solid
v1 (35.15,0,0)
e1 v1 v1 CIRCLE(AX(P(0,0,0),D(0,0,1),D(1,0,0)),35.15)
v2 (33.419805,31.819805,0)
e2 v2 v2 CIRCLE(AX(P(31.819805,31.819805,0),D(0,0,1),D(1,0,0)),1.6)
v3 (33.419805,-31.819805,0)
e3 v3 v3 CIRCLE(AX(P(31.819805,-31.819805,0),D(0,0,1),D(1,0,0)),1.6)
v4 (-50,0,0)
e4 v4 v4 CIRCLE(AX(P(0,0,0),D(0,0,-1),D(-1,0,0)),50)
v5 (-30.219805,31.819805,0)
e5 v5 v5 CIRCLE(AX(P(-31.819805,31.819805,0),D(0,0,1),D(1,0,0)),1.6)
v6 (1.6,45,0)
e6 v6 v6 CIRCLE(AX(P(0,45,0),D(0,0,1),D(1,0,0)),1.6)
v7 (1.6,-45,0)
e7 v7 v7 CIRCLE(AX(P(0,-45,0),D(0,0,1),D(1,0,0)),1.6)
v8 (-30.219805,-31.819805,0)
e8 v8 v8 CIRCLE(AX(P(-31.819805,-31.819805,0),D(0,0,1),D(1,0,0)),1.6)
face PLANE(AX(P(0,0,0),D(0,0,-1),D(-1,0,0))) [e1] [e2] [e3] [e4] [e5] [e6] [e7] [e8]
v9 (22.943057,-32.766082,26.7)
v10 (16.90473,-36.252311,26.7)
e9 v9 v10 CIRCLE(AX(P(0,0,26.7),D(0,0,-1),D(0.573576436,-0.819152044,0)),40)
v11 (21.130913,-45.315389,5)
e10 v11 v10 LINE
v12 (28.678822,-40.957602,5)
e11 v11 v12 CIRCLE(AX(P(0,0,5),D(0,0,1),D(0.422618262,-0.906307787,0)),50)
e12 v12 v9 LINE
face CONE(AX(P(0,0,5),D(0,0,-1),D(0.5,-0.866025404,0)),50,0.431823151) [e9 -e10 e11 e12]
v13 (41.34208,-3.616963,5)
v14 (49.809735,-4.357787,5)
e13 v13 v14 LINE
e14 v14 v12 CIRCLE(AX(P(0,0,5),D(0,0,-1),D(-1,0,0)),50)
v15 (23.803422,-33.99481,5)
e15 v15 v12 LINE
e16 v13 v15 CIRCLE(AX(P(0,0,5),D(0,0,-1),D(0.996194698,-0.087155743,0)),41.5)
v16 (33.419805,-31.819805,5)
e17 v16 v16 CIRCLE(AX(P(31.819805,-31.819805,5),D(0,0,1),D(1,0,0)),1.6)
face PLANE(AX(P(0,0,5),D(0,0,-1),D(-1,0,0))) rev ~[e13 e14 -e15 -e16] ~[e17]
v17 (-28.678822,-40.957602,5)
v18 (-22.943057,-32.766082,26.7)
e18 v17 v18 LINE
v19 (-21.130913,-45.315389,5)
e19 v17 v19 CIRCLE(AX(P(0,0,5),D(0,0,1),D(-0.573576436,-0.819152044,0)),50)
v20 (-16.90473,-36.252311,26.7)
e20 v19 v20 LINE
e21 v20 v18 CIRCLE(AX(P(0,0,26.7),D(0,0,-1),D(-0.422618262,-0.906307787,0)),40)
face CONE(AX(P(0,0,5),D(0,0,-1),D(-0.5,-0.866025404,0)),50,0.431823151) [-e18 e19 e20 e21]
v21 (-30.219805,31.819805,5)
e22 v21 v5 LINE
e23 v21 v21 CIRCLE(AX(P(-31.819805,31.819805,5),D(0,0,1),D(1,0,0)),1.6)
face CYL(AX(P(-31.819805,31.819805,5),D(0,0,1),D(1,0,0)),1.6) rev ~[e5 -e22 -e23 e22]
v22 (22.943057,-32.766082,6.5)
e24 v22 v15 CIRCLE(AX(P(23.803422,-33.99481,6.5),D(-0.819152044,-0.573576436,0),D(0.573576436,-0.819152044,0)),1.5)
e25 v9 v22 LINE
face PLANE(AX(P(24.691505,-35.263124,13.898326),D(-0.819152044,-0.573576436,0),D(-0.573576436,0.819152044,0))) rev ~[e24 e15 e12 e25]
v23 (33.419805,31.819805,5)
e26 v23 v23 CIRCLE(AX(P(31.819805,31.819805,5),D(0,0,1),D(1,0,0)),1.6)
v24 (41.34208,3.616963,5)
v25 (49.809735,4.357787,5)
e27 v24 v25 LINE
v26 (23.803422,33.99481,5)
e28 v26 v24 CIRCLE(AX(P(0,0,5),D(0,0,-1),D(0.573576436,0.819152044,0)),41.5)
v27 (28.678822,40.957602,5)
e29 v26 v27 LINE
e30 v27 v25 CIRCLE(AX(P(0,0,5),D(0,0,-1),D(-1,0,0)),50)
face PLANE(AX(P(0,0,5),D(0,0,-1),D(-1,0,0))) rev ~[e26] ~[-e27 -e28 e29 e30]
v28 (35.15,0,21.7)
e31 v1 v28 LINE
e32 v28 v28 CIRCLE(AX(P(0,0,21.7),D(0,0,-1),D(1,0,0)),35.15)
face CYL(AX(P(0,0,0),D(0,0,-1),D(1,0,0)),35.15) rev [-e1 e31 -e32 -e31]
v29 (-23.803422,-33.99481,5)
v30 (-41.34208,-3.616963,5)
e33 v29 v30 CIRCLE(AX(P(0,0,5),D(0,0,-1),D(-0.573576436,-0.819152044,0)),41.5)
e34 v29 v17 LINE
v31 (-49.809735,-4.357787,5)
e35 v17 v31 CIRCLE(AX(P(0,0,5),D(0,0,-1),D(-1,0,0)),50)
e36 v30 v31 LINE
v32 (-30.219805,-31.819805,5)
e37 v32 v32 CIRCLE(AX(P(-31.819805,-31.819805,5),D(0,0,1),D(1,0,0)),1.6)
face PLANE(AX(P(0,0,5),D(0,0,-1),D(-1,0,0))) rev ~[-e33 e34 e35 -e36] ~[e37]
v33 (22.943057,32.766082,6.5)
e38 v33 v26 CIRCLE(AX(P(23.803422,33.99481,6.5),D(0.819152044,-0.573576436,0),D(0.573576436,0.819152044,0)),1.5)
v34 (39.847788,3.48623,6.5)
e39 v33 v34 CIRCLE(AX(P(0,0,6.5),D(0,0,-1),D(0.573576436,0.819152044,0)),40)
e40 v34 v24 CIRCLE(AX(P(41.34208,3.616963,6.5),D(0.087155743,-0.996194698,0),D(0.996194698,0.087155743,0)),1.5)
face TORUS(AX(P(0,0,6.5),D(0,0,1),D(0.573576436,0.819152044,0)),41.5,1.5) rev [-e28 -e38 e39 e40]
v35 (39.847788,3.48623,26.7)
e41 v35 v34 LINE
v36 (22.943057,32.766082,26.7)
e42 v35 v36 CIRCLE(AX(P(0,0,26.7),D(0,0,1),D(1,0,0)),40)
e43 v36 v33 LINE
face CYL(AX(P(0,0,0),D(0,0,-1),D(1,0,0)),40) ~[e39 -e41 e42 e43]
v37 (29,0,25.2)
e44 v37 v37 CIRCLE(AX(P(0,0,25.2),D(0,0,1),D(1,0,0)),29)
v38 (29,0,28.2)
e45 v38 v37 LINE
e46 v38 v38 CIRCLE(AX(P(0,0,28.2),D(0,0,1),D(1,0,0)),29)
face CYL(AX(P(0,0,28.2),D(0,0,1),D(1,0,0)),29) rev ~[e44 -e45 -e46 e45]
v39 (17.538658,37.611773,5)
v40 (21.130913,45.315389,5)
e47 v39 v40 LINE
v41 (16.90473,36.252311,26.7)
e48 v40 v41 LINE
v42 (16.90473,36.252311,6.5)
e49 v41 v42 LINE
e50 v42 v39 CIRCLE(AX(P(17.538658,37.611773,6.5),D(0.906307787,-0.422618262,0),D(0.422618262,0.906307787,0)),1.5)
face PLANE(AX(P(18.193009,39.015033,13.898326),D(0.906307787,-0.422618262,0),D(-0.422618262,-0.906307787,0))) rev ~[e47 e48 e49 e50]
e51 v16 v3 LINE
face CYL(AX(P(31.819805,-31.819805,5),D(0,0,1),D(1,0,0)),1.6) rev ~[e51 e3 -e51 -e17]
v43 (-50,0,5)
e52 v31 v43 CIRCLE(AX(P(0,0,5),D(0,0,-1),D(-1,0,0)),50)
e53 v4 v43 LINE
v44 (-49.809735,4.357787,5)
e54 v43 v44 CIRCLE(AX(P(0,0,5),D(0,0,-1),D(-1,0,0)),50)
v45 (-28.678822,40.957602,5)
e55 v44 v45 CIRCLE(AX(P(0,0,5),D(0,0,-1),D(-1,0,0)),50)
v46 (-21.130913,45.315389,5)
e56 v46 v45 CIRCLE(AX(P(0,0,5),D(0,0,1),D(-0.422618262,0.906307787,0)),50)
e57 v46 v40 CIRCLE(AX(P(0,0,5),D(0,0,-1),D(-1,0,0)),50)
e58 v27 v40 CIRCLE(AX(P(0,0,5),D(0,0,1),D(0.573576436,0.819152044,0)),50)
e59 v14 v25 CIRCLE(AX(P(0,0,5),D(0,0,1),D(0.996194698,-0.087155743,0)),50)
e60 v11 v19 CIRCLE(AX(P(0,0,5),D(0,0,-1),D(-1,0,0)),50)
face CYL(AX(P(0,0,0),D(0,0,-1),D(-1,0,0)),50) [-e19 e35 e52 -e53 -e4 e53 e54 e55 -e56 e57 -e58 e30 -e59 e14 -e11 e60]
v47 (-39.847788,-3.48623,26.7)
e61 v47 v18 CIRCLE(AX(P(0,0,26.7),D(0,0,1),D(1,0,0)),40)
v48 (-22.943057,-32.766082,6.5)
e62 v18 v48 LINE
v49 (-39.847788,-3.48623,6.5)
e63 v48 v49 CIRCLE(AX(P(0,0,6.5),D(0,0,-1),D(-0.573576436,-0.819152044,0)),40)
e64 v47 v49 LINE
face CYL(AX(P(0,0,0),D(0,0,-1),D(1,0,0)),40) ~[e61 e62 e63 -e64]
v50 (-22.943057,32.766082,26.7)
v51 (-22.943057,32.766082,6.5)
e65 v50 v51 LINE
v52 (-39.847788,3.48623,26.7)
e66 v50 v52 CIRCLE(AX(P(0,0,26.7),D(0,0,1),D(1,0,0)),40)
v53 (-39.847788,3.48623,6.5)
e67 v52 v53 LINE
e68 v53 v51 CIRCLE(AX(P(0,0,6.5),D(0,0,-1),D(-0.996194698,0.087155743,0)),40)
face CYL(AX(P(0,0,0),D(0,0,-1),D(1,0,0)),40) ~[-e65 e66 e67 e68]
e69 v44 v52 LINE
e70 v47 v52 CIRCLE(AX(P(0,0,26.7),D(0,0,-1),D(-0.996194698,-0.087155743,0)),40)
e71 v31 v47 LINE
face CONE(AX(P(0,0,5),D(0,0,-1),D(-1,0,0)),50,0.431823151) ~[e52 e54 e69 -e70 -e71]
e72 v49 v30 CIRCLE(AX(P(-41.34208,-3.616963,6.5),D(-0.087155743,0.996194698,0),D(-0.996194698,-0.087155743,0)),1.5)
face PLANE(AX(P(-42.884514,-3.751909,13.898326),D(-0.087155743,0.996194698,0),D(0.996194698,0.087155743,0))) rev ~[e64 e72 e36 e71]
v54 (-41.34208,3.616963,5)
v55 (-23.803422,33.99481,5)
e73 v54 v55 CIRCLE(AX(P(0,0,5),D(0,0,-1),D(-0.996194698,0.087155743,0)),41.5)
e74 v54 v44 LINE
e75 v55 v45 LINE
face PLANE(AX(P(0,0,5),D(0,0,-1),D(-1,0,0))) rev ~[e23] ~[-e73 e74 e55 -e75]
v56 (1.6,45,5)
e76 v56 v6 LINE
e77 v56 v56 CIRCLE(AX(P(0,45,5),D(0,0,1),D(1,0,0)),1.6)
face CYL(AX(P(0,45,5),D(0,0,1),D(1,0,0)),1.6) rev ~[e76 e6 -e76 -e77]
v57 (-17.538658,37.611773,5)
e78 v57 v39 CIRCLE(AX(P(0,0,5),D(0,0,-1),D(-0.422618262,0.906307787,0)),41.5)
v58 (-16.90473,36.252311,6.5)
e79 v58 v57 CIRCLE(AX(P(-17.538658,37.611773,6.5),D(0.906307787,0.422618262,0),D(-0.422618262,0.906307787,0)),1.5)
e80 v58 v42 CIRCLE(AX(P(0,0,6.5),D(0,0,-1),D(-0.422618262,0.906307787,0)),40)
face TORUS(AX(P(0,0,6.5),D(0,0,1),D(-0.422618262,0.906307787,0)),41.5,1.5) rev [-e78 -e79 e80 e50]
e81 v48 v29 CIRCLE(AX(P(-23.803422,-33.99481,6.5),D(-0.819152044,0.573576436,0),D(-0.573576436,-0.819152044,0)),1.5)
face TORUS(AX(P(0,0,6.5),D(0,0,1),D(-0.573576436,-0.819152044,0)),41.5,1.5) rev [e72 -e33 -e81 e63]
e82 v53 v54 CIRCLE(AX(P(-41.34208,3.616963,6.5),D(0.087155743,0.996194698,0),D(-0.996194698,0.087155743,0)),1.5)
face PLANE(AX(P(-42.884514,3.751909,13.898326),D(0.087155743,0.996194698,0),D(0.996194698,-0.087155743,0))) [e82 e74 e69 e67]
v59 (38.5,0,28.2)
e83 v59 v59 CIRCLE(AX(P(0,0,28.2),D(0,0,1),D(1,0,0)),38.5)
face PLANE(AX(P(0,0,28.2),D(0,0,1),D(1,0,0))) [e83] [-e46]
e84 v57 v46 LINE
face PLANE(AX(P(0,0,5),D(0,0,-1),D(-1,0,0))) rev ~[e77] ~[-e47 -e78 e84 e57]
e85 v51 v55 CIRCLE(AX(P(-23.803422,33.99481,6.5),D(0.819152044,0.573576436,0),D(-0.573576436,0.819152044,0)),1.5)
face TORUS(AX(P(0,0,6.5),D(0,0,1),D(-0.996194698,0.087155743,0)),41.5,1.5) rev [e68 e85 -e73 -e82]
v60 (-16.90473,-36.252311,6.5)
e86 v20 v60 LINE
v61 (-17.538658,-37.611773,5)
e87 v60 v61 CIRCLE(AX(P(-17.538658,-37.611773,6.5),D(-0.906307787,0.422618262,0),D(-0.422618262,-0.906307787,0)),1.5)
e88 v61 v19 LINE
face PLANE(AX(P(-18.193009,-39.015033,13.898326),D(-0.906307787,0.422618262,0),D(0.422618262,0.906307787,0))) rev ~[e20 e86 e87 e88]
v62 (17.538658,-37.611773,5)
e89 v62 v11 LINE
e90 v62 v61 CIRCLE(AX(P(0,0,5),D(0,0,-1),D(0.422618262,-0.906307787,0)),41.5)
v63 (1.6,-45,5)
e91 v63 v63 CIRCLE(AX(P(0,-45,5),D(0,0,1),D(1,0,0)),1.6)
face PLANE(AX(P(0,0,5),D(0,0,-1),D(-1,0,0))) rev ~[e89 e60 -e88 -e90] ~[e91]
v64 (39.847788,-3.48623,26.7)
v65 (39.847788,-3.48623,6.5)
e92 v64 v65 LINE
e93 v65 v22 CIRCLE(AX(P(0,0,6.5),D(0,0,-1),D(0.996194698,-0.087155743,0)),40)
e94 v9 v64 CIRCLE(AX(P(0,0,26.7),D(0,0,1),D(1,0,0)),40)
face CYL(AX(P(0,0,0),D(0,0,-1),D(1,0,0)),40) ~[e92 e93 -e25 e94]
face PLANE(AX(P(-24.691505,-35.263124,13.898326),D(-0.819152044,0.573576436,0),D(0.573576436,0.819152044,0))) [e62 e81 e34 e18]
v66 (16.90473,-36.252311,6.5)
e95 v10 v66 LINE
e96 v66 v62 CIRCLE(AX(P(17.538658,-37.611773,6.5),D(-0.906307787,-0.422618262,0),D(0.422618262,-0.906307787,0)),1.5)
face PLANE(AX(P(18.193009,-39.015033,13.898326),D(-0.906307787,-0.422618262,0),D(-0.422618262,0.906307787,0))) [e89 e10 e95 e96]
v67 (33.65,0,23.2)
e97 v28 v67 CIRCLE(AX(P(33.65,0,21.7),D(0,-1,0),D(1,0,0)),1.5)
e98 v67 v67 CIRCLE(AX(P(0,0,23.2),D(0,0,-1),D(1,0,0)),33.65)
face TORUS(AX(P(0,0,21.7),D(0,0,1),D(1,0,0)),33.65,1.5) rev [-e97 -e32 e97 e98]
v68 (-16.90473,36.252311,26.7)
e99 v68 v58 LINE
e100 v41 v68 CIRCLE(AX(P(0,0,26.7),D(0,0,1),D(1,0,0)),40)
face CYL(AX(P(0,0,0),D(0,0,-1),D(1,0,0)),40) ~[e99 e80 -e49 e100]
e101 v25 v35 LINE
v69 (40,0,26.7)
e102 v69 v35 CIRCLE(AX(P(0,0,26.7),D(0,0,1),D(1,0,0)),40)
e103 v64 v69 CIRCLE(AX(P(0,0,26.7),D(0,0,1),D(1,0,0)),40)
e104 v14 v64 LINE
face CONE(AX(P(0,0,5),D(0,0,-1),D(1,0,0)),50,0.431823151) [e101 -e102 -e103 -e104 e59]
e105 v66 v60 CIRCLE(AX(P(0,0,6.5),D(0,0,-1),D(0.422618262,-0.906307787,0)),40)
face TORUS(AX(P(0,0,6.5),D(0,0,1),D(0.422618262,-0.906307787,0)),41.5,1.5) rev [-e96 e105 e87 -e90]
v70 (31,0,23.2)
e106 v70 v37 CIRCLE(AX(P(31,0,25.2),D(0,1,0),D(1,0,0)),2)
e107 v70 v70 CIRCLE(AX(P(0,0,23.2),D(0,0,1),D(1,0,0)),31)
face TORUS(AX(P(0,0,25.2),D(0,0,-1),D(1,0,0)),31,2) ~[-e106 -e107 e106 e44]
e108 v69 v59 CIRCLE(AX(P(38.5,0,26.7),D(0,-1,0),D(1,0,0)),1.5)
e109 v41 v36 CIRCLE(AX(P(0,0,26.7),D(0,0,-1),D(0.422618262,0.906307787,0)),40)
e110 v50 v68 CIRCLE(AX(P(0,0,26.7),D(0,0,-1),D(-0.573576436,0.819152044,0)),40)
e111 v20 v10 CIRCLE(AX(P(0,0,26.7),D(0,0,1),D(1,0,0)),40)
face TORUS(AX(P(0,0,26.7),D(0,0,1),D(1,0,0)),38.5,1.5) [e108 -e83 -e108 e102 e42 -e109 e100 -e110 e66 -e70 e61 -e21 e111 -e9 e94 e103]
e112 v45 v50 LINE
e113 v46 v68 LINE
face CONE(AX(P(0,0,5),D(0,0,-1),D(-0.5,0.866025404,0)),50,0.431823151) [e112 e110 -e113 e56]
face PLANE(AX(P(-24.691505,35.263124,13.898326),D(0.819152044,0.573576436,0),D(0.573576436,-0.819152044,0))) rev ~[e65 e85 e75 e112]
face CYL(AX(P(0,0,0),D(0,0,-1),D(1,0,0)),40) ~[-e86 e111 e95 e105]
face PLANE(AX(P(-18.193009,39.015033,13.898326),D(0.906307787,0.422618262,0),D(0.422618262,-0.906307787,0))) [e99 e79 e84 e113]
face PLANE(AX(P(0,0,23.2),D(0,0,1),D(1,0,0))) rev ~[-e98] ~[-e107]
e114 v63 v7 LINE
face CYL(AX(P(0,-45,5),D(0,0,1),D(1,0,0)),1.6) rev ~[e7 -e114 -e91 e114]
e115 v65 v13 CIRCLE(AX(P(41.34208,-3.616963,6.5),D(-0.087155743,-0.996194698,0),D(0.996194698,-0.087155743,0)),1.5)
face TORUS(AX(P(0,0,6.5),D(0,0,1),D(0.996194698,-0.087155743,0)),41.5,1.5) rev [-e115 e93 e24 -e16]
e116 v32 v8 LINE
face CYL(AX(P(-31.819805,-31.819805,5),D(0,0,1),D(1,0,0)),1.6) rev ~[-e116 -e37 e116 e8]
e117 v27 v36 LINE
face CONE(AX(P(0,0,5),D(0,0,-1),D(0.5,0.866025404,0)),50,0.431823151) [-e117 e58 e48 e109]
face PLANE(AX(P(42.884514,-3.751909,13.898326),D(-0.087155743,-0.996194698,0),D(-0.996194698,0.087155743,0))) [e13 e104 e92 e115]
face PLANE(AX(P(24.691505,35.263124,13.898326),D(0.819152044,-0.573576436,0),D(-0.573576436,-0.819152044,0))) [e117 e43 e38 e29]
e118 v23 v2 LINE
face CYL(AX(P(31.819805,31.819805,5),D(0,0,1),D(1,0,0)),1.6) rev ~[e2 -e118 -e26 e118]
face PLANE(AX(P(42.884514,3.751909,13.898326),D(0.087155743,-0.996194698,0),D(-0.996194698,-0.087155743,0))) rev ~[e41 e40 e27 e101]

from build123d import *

# Parameters (mm, degrees)
SKETCH_1_R               = 40
SKETCH_1_R_2             = 35.15
EXTRUDE_1_DEPTH          = 28.2
SKETCH_2_R               = 35.5
SKETCH_2_R_2             = 29
EXTRUDE_2_DEPTH          = 5
SKETCH_3_R               = 50
SKETCH_3_R_2             = 40
EXTRUDE_3_DEPTH          = 5
SKETCH_4_R               = 1.6
CUT_EXTRUDE_1_DEPTH      = 75.419352322
FILLET_1_R               = 1.5
FILLET_2_R               = 2
REVOLVE_1_ANGLE          = 10
PATTERN_CIRCULAR_1_COUNT = 6
FILLET_3_R               = 1.5


with BuildPart() as part:
    # 草图1 → 凸台-拉伸1 (new body)
    with BuildSketch(Plane.XY):
        Circle(SKETCH_1_R)
        Circle(SKETCH_1_R_2, mode=Mode.SUBTRACT)
    extrude(amount=EXTRUDE_1_DEPTH)

    # 草图2 → 凸台-拉伸2 (add)
    with BuildSketch(Plane.XY.offset(28.2)):
        Circle(SKETCH_2_R)
        Circle(SKETCH_2_R_2, mode=Mode.SUBTRACT)
    extrude(amount=-EXTRUDE_2_DEPTH)

    # 草图3 → 凸台-拉伸3 (add)
    with BuildSketch(Plane(origin=(0, 0, 0), x_dir=(-1, 0, 0), z_dir=(0, 0, -1))):
        Circle(SKETCH_3_R)
        Circle(SKETCH_3_R_2, mode=Mode.SUBTRACT)
    extrude(amount=-EXTRUDE_3_DEPTH)

    # 草图4 → 切除-拉伸1 (cut, through all)
    with BuildSketch(Plane.XY.offset(5)):
        with Locations((31.819805153, 31.819805153)):
            Circle(SKETCH_4_R)
        with Locations((31.819805153, -31.819805153)):
            Circle(SKETCH_4_R)
        with Locations((-31.819805153, -31.819805153)):
            Circle(SKETCH_4_R)
        with Locations((-31.819805153, 31.819805153)):
            Circle(SKETCH_4_R)
        with Locations((0, 45)):
            Circle(SKETCH_4_R)
        with Locations((0, -45)):
            Circle(SKETCH_4_R)
    extrude(amount=-CUT_EXTRUDE_1_DEPTH, mode=Mode.SUBTRACT)

    # 圆角1
    fillet_1_edges = [part.edges().sort_by_distance(p)[0] for p in [
        (-35.15, 0, 23.2),
        (-40, 0, 28.2),
    ]]
    fillet(fillet_1_edges, radius=FILLET_1_R)

    # 圆角2
    fillet_2_edges = [part.edges().sort_by_distance(p)[0] for p in [
        (-29, 0, 23.2),
    ]]
    fillet(fillet_2_edges, radius=FILLET_2_R)

    # 草图5 → 旋转1 (revolve, symmetric)
    with BuildSketch(Plane(origin=(0, 0, 0), x_dir=(1, 0, 0), z_dir=(0, 1, 0))) as revolve_1_sk:
        Polygon((-50, -5), (-40, -26.7), (-40, -5), align=None)
    revolve_1 = revolve(axis=Axis((0, 0, -1.41), (0, 0, 1)), revolution_arc=REVOLVE_1_ANGLE / 2)
    revolve_1 = revolve_1 + revolve(revolve_1_sk.sketch, axis=Axis((0, 0, -1.41), (0, 0, -1)), revolution_arc=REVOLVE_1_ANGLE / 2)

    # 阵列(圆周)1: 旋转1 ×6 about axis
    pattern_circular_1_axis = Axis((0, 0, 0), (0, 0, 1))
    for i in range(1, PATTERN_CIRCULAR_1_COUNT):
        add(revolve_1.rotate(pattern_circular_1_axis, i * 360 / PATTERN_CIRCULAR_1_COUNT))

    # 圆角3
    fillet_3_edges = [part.edges().sort_by_distance(p)[0] for p in [
        (34.641016151, 20, 5),
        (0, 40, 5),
        (-34.641016151, 20, 5),
        (-34.641016151, -20, 5),
        (0, -40, 5),
        (34.641016151, -20, 5),
    ]]
    fillet(fillet_3_edges, radius=FILLET_3_R)


solid = part.part
